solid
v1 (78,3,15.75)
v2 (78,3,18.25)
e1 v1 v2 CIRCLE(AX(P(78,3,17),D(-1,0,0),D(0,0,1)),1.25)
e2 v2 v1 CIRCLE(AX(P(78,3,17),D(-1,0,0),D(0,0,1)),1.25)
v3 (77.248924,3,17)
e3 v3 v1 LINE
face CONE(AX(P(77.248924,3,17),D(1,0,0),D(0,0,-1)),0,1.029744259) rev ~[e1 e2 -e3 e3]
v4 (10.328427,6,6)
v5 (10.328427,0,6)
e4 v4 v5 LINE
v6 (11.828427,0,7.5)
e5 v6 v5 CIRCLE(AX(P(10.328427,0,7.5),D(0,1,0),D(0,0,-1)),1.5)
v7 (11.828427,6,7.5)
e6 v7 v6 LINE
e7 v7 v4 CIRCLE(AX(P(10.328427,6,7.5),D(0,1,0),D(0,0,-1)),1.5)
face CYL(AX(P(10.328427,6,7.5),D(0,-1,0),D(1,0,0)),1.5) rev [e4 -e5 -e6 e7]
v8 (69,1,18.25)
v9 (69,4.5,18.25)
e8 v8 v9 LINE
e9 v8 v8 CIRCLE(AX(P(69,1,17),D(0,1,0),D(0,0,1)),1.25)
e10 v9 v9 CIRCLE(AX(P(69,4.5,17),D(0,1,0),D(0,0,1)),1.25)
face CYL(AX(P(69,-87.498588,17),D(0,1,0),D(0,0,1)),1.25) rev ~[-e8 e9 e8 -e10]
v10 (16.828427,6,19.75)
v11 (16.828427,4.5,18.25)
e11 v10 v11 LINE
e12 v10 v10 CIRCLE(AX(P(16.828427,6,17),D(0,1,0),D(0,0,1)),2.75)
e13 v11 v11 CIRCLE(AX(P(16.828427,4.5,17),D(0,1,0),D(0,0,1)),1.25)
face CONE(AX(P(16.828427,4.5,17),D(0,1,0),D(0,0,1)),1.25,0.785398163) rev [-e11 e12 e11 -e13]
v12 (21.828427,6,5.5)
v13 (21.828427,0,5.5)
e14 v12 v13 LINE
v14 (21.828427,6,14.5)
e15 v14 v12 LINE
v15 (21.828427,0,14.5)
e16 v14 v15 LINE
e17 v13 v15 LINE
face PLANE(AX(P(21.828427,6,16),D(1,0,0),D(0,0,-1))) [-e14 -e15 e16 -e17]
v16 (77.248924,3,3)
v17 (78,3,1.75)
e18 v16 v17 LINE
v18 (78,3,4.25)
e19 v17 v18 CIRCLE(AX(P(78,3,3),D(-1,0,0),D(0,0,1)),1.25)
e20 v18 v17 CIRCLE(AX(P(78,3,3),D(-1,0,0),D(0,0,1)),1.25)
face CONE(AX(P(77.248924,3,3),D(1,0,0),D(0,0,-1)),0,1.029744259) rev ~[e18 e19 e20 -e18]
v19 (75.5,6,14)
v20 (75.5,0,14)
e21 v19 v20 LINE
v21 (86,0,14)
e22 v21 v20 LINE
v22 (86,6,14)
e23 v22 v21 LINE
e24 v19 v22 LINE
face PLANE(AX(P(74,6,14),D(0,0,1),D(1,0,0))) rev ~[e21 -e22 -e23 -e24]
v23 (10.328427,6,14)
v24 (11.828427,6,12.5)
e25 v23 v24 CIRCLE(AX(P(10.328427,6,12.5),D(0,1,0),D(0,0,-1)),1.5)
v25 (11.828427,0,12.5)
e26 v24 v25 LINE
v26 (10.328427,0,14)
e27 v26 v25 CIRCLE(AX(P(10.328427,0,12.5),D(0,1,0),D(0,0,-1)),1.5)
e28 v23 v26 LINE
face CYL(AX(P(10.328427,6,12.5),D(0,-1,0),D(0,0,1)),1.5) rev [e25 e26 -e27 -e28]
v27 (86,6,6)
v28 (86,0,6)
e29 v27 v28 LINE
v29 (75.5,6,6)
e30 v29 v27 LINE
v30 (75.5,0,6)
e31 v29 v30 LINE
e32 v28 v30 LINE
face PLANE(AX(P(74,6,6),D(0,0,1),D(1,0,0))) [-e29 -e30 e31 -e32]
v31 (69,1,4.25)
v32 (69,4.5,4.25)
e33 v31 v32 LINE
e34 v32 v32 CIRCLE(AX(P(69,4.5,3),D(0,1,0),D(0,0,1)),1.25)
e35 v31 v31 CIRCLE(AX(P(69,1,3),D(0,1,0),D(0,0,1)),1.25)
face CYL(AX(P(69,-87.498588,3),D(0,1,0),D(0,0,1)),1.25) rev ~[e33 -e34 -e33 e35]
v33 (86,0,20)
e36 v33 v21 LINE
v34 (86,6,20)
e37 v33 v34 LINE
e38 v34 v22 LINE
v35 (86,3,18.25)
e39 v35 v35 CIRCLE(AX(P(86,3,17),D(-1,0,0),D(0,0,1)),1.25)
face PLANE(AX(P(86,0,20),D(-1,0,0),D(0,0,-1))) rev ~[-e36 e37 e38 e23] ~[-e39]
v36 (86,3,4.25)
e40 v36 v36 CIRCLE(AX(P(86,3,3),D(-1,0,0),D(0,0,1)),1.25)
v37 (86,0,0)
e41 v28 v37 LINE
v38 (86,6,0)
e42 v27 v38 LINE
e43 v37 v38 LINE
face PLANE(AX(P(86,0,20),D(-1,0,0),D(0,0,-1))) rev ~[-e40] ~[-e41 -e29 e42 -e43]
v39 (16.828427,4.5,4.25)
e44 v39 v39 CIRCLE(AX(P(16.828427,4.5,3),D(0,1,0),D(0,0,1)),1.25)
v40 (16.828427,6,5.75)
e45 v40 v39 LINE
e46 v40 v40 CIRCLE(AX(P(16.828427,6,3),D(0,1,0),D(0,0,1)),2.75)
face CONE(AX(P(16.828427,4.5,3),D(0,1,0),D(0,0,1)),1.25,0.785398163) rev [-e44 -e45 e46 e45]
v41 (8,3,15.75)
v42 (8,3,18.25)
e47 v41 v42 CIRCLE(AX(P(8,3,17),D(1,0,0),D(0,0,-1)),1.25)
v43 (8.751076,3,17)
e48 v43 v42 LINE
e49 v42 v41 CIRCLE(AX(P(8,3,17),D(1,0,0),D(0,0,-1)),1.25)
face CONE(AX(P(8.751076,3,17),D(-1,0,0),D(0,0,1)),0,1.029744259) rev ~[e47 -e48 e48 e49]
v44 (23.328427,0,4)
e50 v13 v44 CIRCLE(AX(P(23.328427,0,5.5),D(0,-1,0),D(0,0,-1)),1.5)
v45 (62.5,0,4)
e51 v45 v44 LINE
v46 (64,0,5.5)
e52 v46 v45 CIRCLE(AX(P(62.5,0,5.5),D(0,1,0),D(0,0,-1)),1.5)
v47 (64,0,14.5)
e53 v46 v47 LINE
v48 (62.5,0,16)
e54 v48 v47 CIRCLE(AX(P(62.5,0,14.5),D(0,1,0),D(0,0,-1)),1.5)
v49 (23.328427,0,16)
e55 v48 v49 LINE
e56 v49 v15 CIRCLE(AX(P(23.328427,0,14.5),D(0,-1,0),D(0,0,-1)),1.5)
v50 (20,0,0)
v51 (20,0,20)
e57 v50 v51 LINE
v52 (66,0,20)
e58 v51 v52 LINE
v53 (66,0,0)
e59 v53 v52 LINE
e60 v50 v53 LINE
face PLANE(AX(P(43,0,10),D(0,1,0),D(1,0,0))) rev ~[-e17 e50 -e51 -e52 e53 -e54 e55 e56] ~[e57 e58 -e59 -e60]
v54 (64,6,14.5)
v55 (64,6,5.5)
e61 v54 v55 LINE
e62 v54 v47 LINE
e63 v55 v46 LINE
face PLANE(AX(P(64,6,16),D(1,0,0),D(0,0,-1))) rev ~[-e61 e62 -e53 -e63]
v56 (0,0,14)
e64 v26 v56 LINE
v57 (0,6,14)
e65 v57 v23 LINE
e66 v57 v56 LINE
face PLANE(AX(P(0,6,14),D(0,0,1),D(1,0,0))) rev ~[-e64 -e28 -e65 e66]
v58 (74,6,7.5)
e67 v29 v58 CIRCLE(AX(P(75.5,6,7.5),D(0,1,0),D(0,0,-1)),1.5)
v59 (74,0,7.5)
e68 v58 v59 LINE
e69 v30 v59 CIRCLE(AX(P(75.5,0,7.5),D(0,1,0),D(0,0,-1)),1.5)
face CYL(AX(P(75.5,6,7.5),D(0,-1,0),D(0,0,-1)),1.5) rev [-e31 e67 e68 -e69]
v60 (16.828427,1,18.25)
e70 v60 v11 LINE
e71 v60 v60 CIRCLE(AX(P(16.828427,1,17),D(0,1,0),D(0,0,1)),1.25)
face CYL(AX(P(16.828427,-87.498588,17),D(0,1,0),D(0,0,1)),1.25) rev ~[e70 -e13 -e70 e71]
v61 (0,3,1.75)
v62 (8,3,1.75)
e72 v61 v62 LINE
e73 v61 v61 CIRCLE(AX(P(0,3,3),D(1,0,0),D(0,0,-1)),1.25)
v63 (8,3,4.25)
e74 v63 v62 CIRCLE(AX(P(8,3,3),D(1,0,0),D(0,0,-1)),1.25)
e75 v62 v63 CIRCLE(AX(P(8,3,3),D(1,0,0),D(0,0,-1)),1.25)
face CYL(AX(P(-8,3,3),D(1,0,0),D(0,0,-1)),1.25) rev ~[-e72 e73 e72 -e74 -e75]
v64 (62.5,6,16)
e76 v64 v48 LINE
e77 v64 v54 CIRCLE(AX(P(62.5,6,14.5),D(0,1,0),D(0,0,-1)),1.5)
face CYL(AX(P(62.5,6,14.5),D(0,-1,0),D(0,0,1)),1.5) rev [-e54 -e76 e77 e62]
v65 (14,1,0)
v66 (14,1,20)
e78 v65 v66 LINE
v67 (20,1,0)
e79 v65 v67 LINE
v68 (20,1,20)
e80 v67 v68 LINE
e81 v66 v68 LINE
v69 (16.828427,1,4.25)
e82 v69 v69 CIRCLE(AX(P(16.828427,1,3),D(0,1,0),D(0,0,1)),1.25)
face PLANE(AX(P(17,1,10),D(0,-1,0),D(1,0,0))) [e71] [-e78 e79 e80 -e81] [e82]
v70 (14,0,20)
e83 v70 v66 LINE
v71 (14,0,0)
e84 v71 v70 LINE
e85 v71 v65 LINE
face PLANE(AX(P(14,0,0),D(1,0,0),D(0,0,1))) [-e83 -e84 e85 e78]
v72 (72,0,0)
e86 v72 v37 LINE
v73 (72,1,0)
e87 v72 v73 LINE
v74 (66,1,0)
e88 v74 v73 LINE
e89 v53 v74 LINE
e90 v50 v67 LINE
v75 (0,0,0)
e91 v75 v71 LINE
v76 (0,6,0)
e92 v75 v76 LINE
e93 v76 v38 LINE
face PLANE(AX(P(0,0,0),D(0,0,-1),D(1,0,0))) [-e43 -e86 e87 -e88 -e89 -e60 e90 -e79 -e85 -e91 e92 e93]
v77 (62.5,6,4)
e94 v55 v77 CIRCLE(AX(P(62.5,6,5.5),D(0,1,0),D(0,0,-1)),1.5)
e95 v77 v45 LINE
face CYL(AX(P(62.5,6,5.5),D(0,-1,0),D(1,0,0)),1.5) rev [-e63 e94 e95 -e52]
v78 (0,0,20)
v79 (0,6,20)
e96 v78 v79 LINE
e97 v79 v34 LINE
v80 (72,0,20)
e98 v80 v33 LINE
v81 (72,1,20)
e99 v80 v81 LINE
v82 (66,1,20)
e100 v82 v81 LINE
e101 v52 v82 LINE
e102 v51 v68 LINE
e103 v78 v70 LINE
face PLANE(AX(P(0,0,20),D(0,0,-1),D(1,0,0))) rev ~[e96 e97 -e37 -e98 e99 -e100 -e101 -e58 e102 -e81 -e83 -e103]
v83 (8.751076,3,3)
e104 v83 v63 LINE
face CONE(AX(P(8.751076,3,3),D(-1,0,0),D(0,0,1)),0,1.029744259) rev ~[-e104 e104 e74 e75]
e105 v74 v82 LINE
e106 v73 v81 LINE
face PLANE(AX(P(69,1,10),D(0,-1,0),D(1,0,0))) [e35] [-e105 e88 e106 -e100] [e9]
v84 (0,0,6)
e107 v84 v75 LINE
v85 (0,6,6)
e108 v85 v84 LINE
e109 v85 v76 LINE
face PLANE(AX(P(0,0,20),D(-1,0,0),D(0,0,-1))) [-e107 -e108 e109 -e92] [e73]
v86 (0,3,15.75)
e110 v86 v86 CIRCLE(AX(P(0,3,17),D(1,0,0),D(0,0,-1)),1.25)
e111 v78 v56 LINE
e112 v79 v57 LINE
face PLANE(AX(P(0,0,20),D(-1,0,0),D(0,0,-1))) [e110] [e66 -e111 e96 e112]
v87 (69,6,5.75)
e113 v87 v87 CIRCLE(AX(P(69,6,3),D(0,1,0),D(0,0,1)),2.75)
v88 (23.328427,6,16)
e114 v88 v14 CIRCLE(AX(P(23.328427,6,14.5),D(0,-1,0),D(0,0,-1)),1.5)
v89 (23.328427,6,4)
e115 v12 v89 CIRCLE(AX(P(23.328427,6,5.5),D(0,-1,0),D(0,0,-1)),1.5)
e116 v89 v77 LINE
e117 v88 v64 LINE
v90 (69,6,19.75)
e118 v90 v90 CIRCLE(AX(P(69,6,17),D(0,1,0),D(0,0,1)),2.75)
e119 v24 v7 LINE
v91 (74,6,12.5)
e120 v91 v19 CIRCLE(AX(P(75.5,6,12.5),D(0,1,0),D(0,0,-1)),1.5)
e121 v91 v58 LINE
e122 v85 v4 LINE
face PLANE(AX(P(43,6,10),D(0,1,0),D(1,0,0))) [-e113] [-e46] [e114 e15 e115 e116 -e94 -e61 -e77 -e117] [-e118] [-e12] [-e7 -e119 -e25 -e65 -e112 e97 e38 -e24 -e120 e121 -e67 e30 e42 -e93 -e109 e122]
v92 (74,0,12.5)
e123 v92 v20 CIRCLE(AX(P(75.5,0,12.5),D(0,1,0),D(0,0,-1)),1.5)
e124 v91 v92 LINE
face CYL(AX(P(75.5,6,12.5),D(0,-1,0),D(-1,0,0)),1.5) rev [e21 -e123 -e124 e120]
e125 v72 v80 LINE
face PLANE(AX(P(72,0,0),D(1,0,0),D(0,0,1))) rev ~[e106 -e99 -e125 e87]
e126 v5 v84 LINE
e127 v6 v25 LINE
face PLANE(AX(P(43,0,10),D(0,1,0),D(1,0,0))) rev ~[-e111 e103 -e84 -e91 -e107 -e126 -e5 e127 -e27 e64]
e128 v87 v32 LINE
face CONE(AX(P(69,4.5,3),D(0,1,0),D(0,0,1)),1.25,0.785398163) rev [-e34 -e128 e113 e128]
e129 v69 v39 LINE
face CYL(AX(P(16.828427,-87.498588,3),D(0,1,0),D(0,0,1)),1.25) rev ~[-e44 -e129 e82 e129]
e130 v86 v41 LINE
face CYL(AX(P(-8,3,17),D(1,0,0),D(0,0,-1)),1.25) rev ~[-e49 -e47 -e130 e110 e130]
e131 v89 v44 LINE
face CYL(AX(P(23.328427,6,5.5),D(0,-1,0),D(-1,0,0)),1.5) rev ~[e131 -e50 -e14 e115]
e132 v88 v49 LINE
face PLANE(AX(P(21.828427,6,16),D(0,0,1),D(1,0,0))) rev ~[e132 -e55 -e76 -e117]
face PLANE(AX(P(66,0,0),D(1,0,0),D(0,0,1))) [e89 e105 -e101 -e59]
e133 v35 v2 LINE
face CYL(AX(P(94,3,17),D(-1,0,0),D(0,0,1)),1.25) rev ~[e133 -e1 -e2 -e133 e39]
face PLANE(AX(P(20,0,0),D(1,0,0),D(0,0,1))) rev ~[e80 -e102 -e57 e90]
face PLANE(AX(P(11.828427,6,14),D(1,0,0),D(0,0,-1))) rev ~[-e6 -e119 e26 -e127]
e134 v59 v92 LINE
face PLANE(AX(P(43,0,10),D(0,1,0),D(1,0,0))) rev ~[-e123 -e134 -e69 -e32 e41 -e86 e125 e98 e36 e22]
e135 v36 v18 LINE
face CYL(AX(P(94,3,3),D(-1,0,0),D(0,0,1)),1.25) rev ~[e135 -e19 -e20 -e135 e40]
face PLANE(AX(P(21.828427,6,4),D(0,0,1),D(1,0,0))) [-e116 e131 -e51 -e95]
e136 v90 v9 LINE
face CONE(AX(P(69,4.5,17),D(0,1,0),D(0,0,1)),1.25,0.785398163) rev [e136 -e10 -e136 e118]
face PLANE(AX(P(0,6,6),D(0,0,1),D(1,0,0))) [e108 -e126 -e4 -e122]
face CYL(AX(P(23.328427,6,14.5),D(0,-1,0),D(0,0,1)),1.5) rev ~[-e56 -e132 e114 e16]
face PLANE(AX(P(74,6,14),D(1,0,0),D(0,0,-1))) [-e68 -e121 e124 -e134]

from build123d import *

# Parameters (mm, degrees)
SKETCH2_W                   = 86
SKETCH2_H                   = 20
BOSS_EXTRUDE1_DEPTH         = 6
TAP_DRILL_FOR_M3_TAP2_D     = 2.5
TAP_DRILL_FOR_M3_TAP2_DEPTH = 8
TAP_DRILL_FOR_M3_TAP2_TIP   = 0.751075774
TAP_DRILL_FOR_M3_TAP1_D     = 2.5
TAP_DRILL_FOR_M3_TAP1_DEPTH = 8
TAP_DRILL_FOR_M3_TAP1_TIP   = 0.751075774
SKETCH7_W                   = 6
SKETCH7_H                   = 20
CUT_EXTRUDE1_DEPTH          = 1
TAP_DRILL_FOR_M3X0_5_TAP1_D = 2.5
CHAMFER1_SIZE               = 1.5
CUT_EXTRUDE2_REACH          = 90.499
SKETCH9_W                   = 42.171572875
SKETCH9_H                   = 12
SKETCH9_W_2                 = 11.828427125
SKETCH9_H_2                 = 8
SKETCH9_W_3                 = 12
FILLET1_R                   = 1.5


with BuildPart() as part:
    # Sketch2 → Boss-Extrude1 (new body)
    with BuildSketch(Plane(origin=(0, 0, 0), x_dir=(1, 0, 0), z_dir=(0, 1, 0))):
        with Locations((43, -10)):
            Rectangle(SKETCH2_W, SKETCH2_H)
    extrude(amount=BOSS_EXTRUDE1_DEPTH)

    # Tap Drill for M3 Tap2
    with Locations(Plane(origin=(86, 0.779165189, 7.640466368), x_dir=(0, 0, -1), z_dir=(1, 0, 0))):
        with Locations((-9.359533632, 2.220834811), (4.640466368, 2.220834811)):
            Hole(TAP_DRILL_FOR_M3_TAP2_D / 2, depth=TAP_DRILL_FOR_M3_TAP2_DEPTH)
            with Locations((0, 0, -(TAP_DRILL_FOR_M3_TAP2_DEPTH + TAP_DRILL_FOR_M3_TAP2_TIP / 2))):  # 118° drill point
                Cone(0, TAP_DRILL_FOR_M3_TAP2_D / 2, TAP_DRILL_FOR_M3_TAP2_TIP, mode=Mode.SUBTRACT)

    # Tap Drill for M3 Tap1
    with Locations(Plane.ZY):
        with Locations((3, 3), (17, 3)):
            Hole(TAP_DRILL_FOR_M3_TAP1_D / 2, depth=TAP_DRILL_FOR_M3_TAP1_DEPTH)
            with Locations((0, 0, -(TAP_DRILL_FOR_M3_TAP1_DEPTH + TAP_DRILL_FOR_M3_TAP1_TIP / 2))):  # 118° drill point
                Cone(0, TAP_DRILL_FOR_M3_TAP1_D / 2, TAP_DRILL_FOR_M3_TAP1_TIP, mode=Mode.SUBTRACT)

    # Sketch7 → Cut-Extrude1 (cut)
    with BuildSketch(Plane.XZ):
        with Locations((17, 10)):
            Rectangle(SKETCH7_W, SKETCH7_H)
        with Locations((69, 10)):
            Rectangle(SKETCH7_W, SKETCH7_H)
    extrude(amount=-CUT_EXTRUDE1_DEPTH, mode=Mode.SUBTRACT)

    # Tap Drill for M3x0.5 Tap1 (through all)
    with Locations(Plane(origin=(16.828427125, 1, 17), x_dir=(0, 0, -1), z_dir=(0, -1, 0))):
        with Locations((0, 0), (14, 0), (0, 52.171572875), (14, 52.171572875)):
            Hole(TAP_DRILL_FOR_M3X0_5_TAP1_D / 2)

    # Chamfer1
    chamfer1_edges = [part.edges().sort_by_distance(p)[0] for p in [
        (69, 6, 1.75),
        (69, 6, 15.75),
        (16.828427125, 6, 1.75),
        (16.828427125, 6, 15.75),
    ]]
    chamfer(chamfer1_edges, length=CHAMFER1_SIZE)

    # Sketch9 → Cut-Extrude2 (cut, up to next)
    with BuildSketch(Plane(origin=(0, 6, 0), x_dir=(1, 0, 0), z_dir=(0, 1, 0)), mode=Mode.PRIVATE) as cut_extrude2_sk1:
        with Locations((42.914213563, -10)):
            Rectangle(SKETCH9_W, SKETCH9_H)
    cut_extrude2_tool1 = extrude(cut_extrude2_sk1.sketch, amount=-CUT_EXTRUDE2_REACH, mode=Mode.PRIVATE) & part.part
    # Sketch9 → Cut-Extrude2 (cut, up to next)
    with BuildSketch(Plane(origin=(0, 6, 0), x_dir=(1, 0, 0), z_dir=(0, 1, 0)), mode=Mode.PRIVATE) as cut_extrude2_sk2:
        with Locations((5.914213563, -10)):
            Rectangle(SKETCH9_W_2, SKETCH9_H_2)
    cut_extrude2_tool2 = extrude(cut_extrude2_sk2.sketch, amount=-CUT_EXTRUDE2_REACH, mode=Mode.PRIVATE) & part.part
    # Sketch9 → Cut-Extrude2 (cut, up to next)
    with BuildSketch(Plane(origin=(0, 6, 0), x_dir=(1, 0, 0), z_dir=(0, 1, 0)), mode=Mode.PRIVATE) as cut_extrude2_sk3:
        with Locations((80, -10)):
            Rectangle(SKETCH9_W_3, SKETCH9_H_2)
    cut_extrude2_tool3 = extrude(cut_extrude2_sk3.sketch, amount=-CUT_EXTRUDE2_REACH, mode=Mode.PRIVATE) & part.part
    add(cut_extrude2_tool1.solids().sort_by_distance((42.914214, 6, 10))[0], mode=Mode.SUBTRACT)
    add(cut_extrude2_tool2.solids().sort_by_distance((5.914214, 6, 10))[0], mode=Mode.SUBTRACT)
    add(cut_extrude2_tool3.solids().sort_by_distance((80, 6, 10))[0], mode=Mode.SUBTRACT)

    # Fillet1
    fillet1_edges = [part.edges().sort_by_distance(p)[0] for p in [
        (21.828427125, 3, 16),
        (21.828427125, 3, 4),
        (64, 3, 4),
        (64, 3, 16),
        (11.828427125, 3, 6),
        (11.828427125, 3, 14),
        (74, 3, 14),
        (74, 3, 6),
    ]]
    fillet(fillet1_edges, radius=FILLET1_R)


solid = part.part
